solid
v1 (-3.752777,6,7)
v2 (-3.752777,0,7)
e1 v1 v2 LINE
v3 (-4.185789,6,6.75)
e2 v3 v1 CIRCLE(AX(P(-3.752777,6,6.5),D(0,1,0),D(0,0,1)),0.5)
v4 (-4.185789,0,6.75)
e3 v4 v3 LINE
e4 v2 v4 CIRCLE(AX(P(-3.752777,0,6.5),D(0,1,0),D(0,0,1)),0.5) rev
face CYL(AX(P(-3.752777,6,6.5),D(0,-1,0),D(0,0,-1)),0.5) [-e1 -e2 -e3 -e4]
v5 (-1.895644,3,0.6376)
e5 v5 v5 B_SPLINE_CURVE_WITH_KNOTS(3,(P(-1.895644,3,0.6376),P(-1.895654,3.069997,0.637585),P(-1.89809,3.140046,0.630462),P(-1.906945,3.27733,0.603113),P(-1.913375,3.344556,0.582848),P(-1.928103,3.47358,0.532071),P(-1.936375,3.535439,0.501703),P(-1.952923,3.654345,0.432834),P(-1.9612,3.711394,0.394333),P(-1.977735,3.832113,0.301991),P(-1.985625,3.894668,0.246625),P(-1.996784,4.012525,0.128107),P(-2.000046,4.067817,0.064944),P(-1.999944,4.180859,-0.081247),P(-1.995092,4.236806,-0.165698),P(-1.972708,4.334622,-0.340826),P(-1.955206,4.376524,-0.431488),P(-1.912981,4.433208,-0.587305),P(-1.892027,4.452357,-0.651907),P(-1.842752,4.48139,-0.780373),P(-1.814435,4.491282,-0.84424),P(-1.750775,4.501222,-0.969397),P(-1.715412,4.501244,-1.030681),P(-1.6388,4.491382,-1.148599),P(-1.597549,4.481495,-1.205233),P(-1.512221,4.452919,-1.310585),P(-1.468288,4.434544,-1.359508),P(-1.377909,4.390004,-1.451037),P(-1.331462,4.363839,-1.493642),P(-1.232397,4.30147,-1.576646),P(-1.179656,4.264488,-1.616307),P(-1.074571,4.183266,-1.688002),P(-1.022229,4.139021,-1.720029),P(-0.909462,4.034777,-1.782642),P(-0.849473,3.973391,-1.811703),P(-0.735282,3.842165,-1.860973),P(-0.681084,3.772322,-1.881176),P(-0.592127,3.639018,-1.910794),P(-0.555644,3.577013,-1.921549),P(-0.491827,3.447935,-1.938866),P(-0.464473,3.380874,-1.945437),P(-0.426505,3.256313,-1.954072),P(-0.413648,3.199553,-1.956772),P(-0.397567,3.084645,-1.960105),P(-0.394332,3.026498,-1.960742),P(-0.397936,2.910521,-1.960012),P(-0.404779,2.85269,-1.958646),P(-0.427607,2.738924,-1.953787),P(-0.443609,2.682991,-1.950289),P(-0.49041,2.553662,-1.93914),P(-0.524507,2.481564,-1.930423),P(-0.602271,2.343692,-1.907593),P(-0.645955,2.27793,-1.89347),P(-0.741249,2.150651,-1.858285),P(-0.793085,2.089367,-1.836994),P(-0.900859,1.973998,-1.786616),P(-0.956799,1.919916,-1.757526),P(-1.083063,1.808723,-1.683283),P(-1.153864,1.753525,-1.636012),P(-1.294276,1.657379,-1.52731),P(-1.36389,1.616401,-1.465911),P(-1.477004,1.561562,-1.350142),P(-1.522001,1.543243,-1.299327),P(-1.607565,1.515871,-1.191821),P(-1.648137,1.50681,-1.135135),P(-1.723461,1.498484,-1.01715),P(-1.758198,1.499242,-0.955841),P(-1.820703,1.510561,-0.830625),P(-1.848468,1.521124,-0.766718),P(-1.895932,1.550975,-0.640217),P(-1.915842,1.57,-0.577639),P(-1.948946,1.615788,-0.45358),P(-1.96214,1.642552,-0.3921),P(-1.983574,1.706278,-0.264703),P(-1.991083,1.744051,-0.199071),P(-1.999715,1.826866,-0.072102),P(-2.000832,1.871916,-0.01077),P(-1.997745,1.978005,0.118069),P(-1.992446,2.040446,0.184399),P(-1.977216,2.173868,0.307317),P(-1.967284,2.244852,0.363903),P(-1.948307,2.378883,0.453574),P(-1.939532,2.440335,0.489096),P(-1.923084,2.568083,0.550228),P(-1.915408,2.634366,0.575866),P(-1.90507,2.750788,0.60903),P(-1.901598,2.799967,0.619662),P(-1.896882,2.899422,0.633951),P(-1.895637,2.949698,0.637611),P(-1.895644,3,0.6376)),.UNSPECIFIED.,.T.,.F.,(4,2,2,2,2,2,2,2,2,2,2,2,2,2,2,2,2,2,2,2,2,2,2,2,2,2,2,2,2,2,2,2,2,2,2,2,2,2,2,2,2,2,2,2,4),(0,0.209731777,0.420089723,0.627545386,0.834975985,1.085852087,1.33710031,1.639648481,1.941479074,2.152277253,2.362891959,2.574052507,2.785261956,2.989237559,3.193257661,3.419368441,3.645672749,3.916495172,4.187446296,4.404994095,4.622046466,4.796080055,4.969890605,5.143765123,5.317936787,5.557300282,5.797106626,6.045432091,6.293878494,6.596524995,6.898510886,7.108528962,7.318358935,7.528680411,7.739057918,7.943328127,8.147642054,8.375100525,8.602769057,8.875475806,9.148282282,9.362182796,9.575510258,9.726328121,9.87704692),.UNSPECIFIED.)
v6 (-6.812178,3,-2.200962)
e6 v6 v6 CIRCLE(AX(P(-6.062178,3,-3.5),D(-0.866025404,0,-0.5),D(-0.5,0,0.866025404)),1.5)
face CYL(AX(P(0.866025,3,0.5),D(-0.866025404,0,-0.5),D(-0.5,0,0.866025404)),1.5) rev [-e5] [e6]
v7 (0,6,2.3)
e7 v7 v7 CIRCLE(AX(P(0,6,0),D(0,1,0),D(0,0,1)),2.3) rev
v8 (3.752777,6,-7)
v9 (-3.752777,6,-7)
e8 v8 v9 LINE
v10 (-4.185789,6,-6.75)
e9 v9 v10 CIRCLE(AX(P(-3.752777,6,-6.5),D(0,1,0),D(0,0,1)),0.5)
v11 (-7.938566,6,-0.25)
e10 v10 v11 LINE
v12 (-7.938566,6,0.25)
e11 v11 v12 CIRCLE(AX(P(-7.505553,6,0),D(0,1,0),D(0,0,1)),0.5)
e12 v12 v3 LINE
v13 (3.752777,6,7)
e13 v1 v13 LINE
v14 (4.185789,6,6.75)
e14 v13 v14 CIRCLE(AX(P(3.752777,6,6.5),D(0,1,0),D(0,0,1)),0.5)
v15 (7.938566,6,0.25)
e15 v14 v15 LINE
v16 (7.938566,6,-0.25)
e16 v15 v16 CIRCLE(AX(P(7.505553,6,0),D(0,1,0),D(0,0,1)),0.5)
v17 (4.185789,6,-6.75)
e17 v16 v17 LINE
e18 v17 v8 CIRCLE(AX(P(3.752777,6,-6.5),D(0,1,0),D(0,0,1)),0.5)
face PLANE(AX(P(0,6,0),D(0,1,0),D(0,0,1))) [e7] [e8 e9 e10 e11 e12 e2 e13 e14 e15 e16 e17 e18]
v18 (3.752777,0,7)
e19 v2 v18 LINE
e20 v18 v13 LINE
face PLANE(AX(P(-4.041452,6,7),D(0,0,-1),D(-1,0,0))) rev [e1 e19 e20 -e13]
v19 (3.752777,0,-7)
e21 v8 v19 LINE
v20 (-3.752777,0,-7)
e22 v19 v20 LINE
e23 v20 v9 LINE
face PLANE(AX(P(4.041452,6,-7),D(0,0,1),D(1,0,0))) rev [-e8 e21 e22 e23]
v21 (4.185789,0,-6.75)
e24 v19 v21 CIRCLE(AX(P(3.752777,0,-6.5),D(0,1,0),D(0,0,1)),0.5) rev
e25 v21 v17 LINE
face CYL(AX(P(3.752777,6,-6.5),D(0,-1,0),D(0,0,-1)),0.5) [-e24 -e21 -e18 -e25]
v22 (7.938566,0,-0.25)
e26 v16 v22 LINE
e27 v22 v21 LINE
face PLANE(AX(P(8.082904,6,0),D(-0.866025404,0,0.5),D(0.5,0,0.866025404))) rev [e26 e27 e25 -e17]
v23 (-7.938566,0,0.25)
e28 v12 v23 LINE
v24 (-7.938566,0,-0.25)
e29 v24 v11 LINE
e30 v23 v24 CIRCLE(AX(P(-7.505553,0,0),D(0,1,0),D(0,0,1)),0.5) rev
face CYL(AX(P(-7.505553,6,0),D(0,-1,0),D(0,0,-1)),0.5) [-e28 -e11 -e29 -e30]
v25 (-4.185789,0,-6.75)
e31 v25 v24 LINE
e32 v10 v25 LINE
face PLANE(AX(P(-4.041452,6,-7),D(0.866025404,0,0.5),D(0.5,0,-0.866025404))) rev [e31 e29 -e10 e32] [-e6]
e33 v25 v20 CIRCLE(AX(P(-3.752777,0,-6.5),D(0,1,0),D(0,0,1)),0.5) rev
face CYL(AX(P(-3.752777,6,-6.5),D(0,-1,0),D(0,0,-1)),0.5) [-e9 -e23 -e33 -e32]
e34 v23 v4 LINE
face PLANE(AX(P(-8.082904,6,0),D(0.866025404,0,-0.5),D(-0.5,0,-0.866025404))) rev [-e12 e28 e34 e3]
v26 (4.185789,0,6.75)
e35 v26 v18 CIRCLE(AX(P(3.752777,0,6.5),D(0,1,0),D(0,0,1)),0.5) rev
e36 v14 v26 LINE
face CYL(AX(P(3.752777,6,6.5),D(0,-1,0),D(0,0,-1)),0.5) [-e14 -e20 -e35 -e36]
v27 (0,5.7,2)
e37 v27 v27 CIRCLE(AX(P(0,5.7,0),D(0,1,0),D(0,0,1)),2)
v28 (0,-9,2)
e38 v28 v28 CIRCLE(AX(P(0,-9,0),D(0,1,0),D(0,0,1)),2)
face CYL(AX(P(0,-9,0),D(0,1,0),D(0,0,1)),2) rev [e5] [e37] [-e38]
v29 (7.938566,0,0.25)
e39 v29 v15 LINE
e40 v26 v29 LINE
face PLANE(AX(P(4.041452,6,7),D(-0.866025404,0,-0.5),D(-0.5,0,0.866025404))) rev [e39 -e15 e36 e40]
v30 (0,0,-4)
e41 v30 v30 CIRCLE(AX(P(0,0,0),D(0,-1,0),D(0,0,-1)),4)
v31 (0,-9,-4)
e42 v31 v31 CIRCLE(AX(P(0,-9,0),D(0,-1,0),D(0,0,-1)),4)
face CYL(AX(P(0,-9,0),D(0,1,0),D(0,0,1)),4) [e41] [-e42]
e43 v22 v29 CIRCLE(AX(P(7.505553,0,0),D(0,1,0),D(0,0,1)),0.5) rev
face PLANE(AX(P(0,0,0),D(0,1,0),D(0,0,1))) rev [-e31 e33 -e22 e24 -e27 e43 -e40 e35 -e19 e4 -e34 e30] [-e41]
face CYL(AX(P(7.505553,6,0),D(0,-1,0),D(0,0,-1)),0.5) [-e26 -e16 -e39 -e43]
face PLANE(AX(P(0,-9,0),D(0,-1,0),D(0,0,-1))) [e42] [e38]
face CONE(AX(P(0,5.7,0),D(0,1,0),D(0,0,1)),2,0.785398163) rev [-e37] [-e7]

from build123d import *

# Parameters (mm, degrees)
BOSS_EXTRUDE1_DEPTH = 6
FILLET1_R           = 0.5
SKETCH2_R           = 4
BOSS_EXTRUDE2_DEPTH = 9
SKETCH4_R           = 2
CUT_EXTRUDE1_DEPTH  = 16
CHAMFER1_SIZE       = 0.3
SKETCH5_R           = 1.5
CUT_EXTRUDE2_DEPTH  = 8


with BuildPart() as part:
    # Sketch1 → Boss-Extrude1 (new body)
    with BuildSketch(Plane(origin=(0, 0, 0), x_dir=(1, 0, 0), z_dir=(0, 1, 0))):
        Polygon((8.082903769, 0), (4.041451884, 7), (-4.041451884, 7), (-8.082903769, 0), (-4.041451884, -7), (4.041451884, -7), align=None)
    extrude(amount=BOSS_EXTRUDE1_DEPTH)

    # Fillet1
    fillet1_edges = [part.edges().sort_by_distance(p)[0] for p in [
        (4.041451884, 3, 7),
        (-4.041451884, 3, 7),
        (-8.082903769, 3, 0),
        (-4.041451884, 3, -7),
        (4.041451884, 3, -7),
        (8.082903769, 3, 0),
    ]]
    fillet(fillet1_edges, radius=FILLET1_R)

    # Sketch2 → Boss-Extrude2 (add)
    with BuildSketch(Plane.XZ):
        Circle(SKETCH2_R)
    extrude(amount=BOSS_EXTRUDE2_DEPTH)

    # Sketch4 → Cut-Extrude1 (cut, through all)
    with BuildSketch(Plane(origin=(0, 6, 0), x_dir=(1, 0, 0), z_dir=(0, 1, 0))):
        Circle(SKETCH4_R)
    extrude(amount=-CUT_EXTRUDE1_DEPTH, mode=Mode.SUBTRACT)

    # Chamfer1
    chamfer1_edges = [part.edges().sort_by_distance(p)[0] for p in [
        (-2, 6, 0),
    ]]
    chamfer(chamfer1_edges, length=CHAMFER1_SIZE)

    # Sketch5 → Cut-Extrude2 (cut)
    with BuildSketch(Plane(origin=(-6.062177826, 0, -3.5), x_dir=(-0.5, 0, 0.866025404), z_dir=(-0.866025404, 0, -0.5))):
        with Locations((0, 3)):
            Circle(SKETCH5_R)
    extrude(amount=-CUT_EXTRUDE2_DEPTH, mode=Mode.SUBTRACT)


solid = part.part
